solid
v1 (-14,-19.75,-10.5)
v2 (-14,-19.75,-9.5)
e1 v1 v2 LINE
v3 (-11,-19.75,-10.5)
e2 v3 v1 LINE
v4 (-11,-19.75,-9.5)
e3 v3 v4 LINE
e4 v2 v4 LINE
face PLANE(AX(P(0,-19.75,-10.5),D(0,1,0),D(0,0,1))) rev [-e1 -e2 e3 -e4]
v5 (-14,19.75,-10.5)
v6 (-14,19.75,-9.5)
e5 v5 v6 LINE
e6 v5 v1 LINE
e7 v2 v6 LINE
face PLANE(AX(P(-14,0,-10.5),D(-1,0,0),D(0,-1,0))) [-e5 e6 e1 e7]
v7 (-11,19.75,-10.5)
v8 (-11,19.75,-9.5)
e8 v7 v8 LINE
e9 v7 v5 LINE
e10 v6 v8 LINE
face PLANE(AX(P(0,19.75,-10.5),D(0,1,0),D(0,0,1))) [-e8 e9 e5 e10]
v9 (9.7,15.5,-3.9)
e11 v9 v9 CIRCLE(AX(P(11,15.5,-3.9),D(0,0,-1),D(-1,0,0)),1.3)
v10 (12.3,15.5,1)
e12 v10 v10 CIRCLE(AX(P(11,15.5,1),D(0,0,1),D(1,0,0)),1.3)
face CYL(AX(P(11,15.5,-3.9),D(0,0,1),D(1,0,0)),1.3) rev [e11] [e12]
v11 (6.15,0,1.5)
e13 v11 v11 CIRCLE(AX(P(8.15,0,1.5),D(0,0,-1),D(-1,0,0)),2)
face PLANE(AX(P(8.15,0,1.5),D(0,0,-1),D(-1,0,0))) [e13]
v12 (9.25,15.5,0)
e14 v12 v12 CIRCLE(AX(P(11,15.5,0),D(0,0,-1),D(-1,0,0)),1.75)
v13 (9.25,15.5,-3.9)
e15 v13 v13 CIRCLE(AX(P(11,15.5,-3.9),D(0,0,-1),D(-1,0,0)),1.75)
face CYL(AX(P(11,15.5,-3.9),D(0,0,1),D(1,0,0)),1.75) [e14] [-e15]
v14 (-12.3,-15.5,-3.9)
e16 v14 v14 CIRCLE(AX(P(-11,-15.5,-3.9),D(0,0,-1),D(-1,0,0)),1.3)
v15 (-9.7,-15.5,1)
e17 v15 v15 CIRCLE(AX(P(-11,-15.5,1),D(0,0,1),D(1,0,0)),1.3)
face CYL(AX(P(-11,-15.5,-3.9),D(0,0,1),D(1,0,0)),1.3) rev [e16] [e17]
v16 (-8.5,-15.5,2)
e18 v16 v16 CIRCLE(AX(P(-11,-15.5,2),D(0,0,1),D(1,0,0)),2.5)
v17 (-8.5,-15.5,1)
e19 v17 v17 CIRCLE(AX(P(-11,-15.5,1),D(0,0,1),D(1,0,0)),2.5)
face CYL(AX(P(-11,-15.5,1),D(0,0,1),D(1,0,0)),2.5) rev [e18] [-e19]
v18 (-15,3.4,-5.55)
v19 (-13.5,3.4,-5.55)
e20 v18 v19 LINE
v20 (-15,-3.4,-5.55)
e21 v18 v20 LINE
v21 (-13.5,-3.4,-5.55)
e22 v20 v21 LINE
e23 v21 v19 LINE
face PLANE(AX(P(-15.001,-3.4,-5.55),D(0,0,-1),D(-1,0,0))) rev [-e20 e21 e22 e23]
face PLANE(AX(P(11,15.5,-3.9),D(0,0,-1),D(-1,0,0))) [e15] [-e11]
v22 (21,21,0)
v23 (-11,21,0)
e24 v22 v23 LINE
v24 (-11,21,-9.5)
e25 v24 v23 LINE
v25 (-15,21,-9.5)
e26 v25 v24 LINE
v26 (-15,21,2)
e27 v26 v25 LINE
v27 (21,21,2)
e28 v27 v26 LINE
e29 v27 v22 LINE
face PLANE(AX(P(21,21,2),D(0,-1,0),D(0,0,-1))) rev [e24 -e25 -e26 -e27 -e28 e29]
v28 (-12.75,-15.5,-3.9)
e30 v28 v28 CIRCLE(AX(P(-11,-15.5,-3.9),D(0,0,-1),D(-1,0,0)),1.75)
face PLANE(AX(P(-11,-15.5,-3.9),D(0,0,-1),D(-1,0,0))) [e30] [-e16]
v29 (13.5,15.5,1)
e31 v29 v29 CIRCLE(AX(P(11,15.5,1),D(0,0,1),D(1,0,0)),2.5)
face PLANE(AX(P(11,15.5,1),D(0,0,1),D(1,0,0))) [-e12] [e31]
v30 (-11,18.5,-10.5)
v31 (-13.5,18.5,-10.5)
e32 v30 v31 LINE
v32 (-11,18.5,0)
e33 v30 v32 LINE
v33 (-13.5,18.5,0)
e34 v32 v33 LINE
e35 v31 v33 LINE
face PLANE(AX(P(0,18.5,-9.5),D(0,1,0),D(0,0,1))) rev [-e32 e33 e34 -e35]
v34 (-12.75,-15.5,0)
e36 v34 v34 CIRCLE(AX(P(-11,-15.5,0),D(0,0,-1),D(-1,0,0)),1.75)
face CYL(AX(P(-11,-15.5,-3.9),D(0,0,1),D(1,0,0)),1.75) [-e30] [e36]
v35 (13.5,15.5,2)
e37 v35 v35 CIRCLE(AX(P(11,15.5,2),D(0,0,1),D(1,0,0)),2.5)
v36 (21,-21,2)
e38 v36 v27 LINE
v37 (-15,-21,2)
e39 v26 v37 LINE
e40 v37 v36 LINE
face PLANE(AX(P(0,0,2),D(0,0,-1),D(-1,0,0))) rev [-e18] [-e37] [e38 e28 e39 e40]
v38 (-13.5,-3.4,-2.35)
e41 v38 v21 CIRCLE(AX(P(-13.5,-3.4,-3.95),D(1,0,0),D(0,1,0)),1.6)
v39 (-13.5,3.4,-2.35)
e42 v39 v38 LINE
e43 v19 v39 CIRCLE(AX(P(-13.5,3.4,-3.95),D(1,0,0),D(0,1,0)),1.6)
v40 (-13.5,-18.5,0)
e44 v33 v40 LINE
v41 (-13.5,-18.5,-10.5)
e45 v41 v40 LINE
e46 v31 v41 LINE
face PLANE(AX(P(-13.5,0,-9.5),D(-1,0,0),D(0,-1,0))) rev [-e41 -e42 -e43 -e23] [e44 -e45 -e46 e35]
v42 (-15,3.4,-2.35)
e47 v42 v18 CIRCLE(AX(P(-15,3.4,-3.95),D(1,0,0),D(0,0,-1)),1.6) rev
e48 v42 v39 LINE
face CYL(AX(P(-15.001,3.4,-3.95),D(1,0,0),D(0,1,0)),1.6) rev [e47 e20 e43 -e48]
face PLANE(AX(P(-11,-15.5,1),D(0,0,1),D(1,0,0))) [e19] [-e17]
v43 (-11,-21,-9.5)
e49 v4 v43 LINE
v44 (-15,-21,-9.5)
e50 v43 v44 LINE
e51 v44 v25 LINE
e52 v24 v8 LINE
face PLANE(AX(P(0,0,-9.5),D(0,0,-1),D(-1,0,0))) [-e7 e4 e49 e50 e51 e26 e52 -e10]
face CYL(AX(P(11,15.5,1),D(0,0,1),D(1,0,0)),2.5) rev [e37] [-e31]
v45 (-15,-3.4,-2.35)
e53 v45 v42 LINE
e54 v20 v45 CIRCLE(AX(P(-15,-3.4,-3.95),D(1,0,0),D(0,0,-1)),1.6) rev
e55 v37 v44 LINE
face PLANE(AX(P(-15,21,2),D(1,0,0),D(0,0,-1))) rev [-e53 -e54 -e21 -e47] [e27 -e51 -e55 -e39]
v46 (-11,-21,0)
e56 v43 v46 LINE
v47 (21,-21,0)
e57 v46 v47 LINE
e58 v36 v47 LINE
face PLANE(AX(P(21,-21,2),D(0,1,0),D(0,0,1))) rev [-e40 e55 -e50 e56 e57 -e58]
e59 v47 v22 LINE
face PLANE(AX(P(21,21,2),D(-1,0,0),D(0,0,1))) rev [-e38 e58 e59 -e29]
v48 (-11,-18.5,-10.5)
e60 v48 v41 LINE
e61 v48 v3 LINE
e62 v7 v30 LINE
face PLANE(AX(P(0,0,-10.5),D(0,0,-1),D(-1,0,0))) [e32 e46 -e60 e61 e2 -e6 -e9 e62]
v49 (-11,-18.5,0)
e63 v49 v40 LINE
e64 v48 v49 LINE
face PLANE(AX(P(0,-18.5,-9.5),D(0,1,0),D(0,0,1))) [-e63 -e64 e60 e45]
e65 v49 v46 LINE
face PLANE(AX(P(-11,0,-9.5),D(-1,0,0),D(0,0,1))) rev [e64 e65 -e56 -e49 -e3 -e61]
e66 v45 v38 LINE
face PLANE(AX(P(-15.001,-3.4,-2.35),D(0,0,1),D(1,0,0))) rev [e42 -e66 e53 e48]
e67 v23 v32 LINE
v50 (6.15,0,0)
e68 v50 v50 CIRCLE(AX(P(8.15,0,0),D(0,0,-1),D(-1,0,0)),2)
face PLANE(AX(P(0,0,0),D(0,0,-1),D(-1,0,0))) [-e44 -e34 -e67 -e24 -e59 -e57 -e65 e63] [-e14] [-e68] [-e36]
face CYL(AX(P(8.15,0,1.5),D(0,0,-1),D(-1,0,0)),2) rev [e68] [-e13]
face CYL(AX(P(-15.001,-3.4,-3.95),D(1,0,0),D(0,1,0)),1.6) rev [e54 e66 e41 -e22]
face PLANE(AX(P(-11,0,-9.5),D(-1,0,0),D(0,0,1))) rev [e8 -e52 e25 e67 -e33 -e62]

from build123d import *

# Parameters (mm, degrees)
SKETCH_1_W          = 36
SKETCH_1_H          = 42
EXTRUDE_1_DEPTH     = 2
EXTRUDE_2_DEPTH     = 9.5
EXTRUDE_3_DEPTH     = 10.5
CUT_EXTRUDE_1_REACH = 43.731
SKETCH_4_R          = 1.75
SKETCH_4_R_2        = 1.3
EXTRUDE_4_DEPTH     = 3.9
CUT_EXTRUDE_2_REACH = 33.5
SKETCH_4_2_R        = 1.3
SKETCH_5_R          = 2.5
CUT_EXTRUDE_3_DEPTH = 1
SKETCH_6_R          = 2
CUT_EXTRUDE_4_DEPTH = 1.5


with BuildPart() as part:
    # 草图1 → 凸台-拉伸1 (new body)
    with BuildSketch(Plane.XY):
        with Locations((3, 0)):
            Rectangle(SKETCH_1_W, SKETCH_1_H)
    extrude(amount=EXTRUDE_1_DEPTH)

    # 草图2 → 凸台-拉伸2 (add)
    with BuildSketch(Plane(origin=(0, 0, 0), x_dir=(-1, 0, 0), z_dir=(0, 0, -1))):
        Polygon((15, -21), (15, 21), (11, 21), (11, 18.5), (13.5, 18.5), (13.5, -18.5), (11, -18.5), (11, -21), align=None)
    extrude(amount=EXTRUDE_2_DEPTH)

    # 草图2<3> → 凸台-拉伸3 (add)
    with BuildSketch(Plane(origin=(0, 0, 0), x_dir=(-1, 0, 0), z_dir=(0, 0, -1))):
        Polygon((14, 19.75), (11, 19.75), (11, 18.5), (13.5, 18.5), (13.5, -18.5), (11, -18.5), (11, -19.75), (14, -19.75), align=None)
    extrude(amount=EXTRUDE_3_DEPTH)

    # 草图3 → 切除-拉伸1 (cut, up to next)
    with BuildSketch(Plane(origin=(-13.5, 0, 0), x_dir=(0, 0, -1), z_dir=(1, 0, 0)), mode=Mode.PRIVATE) as cut_extrude_1_sk1:
        with BuildLine():
            Line((2.35, -3.4), (2.35, 3.4))
            ThreePointArc((2.35, 3.4), (3.95, 5), (5.55, 3.4))
            Line((5.55, 3.4), (5.55, -3.4))
            ThreePointArc((5.55, -3.4), (3.95, -5), (2.35, -3.4))
        make_face()
    cut_extrude_1_tool1 = extrude(cut_extrude_1_sk1.sketch, amount=-CUT_EXTRUDE_1_REACH, mode=Mode.PRIVATE) & part.part
    add(cut_extrude_1_tool1.solids().sort_by_distance((-13.5, 0, -3.95))[0], mode=Mode.SUBTRACT)

    # 草图4 → 凸台-拉伸4 (add)
    # profile 1 of 2: a face of its own
    with BuildSketch(Plane(origin=(0, 0, 0), x_dir=(-1, 0, 0), z_dir=(0, 0, -1))):
        with Locations((11, -15.5)):
            Circle(SKETCH_4_R)
        with Locations((11, -15.5)):
            Circle(SKETCH_4_R_2, mode=Mode.SUBTRACT)
    # profile 2 of 2: a face of its own
    with BuildSketch(Plane(origin=(0, 0, 0), x_dir=(-1, 0, 0), z_dir=(0, 0, -1))):
        with Locations((-11, 15.5)):
            Circle(SKETCH_4_R)
        with Locations((-11, 15.5)):
            Circle(SKETCH_4_R_2, mode=Mode.SUBTRACT)
    extrude(amount=EXTRUDE_4_DEPTH)

    # 草图4<2> → 切除-拉伸2 (cut, up to next)
    with BuildSketch(Plane(origin=(0, 0, 0), x_dir=(-1, 0, 0), z_dir=(0, 0, -1)), mode=Mode.PRIVATE) as cut_extrude_2_sk1:
        with Locations((11, -15.5)):
            Circle(SKETCH_4_2_R)
    cut_extrude_2_tool1 = extrude(cut_extrude_2_sk1.sketch, amount=-CUT_EXTRUDE_2_REACH, mode=Mode.PRIVATE) & part.part
    # 草图4<2> → 切除-拉伸2 (cut, up to next)
    with BuildSketch(Plane(origin=(0, 0, 0), x_dir=(-1, 0, 0), z_dir=(0, 0, -1)), mode=Mode.PRIVATE) as cut_extrude_2_sk2:
        with Locations((-11, 15.5)):
            Circle(SKETCH_4_2_R)
    cut_extrude_2_tool2 = extrude(cut_extrude_2_sk2.sketch, amount=-CUT_EXTRUDE_2_REACH, mode=Mode.PRIVATE) & part.part
    add(cut_extrude_2_tool1.solids().sort_by_distance((-11, -15.5, 0))[0], mode=Mode.SUBTRACT)
    add(cut_extrude_2_tool2.solids().sort_by_distance((11, 15.5, 0))[0], mode=Mode.SUBTRACT)

    # 草图5 → 切除-拉伸3 (cut)
    with BuildSketch(Plane.XY.offset(2)):
        with Locations((11, 15.5)):
            Circle(SKETCH_5_R)
        with Locations((-11, -15.5)):
            Circle(SKETCH_5_R)
    extrude(amount=-CUT_EXTRUDE_3_DEPTH, mode=Mode.SUBTRACT)

    # 草图6 → 切除-拉伸4 (cut)
    with BuildSketch(Plane(origin=(0, 0, 0), x_dir=(-1, 0, 0), z_dir=(0, 0, -1))):
        with Locations((-8.15, 0)):
            Circle(SKETCH_6_R)
    extrude(amount=-CUT_EXTRUDE_4_DEPTH, mode=Mode.SUBTRACT)


solid = part.part
